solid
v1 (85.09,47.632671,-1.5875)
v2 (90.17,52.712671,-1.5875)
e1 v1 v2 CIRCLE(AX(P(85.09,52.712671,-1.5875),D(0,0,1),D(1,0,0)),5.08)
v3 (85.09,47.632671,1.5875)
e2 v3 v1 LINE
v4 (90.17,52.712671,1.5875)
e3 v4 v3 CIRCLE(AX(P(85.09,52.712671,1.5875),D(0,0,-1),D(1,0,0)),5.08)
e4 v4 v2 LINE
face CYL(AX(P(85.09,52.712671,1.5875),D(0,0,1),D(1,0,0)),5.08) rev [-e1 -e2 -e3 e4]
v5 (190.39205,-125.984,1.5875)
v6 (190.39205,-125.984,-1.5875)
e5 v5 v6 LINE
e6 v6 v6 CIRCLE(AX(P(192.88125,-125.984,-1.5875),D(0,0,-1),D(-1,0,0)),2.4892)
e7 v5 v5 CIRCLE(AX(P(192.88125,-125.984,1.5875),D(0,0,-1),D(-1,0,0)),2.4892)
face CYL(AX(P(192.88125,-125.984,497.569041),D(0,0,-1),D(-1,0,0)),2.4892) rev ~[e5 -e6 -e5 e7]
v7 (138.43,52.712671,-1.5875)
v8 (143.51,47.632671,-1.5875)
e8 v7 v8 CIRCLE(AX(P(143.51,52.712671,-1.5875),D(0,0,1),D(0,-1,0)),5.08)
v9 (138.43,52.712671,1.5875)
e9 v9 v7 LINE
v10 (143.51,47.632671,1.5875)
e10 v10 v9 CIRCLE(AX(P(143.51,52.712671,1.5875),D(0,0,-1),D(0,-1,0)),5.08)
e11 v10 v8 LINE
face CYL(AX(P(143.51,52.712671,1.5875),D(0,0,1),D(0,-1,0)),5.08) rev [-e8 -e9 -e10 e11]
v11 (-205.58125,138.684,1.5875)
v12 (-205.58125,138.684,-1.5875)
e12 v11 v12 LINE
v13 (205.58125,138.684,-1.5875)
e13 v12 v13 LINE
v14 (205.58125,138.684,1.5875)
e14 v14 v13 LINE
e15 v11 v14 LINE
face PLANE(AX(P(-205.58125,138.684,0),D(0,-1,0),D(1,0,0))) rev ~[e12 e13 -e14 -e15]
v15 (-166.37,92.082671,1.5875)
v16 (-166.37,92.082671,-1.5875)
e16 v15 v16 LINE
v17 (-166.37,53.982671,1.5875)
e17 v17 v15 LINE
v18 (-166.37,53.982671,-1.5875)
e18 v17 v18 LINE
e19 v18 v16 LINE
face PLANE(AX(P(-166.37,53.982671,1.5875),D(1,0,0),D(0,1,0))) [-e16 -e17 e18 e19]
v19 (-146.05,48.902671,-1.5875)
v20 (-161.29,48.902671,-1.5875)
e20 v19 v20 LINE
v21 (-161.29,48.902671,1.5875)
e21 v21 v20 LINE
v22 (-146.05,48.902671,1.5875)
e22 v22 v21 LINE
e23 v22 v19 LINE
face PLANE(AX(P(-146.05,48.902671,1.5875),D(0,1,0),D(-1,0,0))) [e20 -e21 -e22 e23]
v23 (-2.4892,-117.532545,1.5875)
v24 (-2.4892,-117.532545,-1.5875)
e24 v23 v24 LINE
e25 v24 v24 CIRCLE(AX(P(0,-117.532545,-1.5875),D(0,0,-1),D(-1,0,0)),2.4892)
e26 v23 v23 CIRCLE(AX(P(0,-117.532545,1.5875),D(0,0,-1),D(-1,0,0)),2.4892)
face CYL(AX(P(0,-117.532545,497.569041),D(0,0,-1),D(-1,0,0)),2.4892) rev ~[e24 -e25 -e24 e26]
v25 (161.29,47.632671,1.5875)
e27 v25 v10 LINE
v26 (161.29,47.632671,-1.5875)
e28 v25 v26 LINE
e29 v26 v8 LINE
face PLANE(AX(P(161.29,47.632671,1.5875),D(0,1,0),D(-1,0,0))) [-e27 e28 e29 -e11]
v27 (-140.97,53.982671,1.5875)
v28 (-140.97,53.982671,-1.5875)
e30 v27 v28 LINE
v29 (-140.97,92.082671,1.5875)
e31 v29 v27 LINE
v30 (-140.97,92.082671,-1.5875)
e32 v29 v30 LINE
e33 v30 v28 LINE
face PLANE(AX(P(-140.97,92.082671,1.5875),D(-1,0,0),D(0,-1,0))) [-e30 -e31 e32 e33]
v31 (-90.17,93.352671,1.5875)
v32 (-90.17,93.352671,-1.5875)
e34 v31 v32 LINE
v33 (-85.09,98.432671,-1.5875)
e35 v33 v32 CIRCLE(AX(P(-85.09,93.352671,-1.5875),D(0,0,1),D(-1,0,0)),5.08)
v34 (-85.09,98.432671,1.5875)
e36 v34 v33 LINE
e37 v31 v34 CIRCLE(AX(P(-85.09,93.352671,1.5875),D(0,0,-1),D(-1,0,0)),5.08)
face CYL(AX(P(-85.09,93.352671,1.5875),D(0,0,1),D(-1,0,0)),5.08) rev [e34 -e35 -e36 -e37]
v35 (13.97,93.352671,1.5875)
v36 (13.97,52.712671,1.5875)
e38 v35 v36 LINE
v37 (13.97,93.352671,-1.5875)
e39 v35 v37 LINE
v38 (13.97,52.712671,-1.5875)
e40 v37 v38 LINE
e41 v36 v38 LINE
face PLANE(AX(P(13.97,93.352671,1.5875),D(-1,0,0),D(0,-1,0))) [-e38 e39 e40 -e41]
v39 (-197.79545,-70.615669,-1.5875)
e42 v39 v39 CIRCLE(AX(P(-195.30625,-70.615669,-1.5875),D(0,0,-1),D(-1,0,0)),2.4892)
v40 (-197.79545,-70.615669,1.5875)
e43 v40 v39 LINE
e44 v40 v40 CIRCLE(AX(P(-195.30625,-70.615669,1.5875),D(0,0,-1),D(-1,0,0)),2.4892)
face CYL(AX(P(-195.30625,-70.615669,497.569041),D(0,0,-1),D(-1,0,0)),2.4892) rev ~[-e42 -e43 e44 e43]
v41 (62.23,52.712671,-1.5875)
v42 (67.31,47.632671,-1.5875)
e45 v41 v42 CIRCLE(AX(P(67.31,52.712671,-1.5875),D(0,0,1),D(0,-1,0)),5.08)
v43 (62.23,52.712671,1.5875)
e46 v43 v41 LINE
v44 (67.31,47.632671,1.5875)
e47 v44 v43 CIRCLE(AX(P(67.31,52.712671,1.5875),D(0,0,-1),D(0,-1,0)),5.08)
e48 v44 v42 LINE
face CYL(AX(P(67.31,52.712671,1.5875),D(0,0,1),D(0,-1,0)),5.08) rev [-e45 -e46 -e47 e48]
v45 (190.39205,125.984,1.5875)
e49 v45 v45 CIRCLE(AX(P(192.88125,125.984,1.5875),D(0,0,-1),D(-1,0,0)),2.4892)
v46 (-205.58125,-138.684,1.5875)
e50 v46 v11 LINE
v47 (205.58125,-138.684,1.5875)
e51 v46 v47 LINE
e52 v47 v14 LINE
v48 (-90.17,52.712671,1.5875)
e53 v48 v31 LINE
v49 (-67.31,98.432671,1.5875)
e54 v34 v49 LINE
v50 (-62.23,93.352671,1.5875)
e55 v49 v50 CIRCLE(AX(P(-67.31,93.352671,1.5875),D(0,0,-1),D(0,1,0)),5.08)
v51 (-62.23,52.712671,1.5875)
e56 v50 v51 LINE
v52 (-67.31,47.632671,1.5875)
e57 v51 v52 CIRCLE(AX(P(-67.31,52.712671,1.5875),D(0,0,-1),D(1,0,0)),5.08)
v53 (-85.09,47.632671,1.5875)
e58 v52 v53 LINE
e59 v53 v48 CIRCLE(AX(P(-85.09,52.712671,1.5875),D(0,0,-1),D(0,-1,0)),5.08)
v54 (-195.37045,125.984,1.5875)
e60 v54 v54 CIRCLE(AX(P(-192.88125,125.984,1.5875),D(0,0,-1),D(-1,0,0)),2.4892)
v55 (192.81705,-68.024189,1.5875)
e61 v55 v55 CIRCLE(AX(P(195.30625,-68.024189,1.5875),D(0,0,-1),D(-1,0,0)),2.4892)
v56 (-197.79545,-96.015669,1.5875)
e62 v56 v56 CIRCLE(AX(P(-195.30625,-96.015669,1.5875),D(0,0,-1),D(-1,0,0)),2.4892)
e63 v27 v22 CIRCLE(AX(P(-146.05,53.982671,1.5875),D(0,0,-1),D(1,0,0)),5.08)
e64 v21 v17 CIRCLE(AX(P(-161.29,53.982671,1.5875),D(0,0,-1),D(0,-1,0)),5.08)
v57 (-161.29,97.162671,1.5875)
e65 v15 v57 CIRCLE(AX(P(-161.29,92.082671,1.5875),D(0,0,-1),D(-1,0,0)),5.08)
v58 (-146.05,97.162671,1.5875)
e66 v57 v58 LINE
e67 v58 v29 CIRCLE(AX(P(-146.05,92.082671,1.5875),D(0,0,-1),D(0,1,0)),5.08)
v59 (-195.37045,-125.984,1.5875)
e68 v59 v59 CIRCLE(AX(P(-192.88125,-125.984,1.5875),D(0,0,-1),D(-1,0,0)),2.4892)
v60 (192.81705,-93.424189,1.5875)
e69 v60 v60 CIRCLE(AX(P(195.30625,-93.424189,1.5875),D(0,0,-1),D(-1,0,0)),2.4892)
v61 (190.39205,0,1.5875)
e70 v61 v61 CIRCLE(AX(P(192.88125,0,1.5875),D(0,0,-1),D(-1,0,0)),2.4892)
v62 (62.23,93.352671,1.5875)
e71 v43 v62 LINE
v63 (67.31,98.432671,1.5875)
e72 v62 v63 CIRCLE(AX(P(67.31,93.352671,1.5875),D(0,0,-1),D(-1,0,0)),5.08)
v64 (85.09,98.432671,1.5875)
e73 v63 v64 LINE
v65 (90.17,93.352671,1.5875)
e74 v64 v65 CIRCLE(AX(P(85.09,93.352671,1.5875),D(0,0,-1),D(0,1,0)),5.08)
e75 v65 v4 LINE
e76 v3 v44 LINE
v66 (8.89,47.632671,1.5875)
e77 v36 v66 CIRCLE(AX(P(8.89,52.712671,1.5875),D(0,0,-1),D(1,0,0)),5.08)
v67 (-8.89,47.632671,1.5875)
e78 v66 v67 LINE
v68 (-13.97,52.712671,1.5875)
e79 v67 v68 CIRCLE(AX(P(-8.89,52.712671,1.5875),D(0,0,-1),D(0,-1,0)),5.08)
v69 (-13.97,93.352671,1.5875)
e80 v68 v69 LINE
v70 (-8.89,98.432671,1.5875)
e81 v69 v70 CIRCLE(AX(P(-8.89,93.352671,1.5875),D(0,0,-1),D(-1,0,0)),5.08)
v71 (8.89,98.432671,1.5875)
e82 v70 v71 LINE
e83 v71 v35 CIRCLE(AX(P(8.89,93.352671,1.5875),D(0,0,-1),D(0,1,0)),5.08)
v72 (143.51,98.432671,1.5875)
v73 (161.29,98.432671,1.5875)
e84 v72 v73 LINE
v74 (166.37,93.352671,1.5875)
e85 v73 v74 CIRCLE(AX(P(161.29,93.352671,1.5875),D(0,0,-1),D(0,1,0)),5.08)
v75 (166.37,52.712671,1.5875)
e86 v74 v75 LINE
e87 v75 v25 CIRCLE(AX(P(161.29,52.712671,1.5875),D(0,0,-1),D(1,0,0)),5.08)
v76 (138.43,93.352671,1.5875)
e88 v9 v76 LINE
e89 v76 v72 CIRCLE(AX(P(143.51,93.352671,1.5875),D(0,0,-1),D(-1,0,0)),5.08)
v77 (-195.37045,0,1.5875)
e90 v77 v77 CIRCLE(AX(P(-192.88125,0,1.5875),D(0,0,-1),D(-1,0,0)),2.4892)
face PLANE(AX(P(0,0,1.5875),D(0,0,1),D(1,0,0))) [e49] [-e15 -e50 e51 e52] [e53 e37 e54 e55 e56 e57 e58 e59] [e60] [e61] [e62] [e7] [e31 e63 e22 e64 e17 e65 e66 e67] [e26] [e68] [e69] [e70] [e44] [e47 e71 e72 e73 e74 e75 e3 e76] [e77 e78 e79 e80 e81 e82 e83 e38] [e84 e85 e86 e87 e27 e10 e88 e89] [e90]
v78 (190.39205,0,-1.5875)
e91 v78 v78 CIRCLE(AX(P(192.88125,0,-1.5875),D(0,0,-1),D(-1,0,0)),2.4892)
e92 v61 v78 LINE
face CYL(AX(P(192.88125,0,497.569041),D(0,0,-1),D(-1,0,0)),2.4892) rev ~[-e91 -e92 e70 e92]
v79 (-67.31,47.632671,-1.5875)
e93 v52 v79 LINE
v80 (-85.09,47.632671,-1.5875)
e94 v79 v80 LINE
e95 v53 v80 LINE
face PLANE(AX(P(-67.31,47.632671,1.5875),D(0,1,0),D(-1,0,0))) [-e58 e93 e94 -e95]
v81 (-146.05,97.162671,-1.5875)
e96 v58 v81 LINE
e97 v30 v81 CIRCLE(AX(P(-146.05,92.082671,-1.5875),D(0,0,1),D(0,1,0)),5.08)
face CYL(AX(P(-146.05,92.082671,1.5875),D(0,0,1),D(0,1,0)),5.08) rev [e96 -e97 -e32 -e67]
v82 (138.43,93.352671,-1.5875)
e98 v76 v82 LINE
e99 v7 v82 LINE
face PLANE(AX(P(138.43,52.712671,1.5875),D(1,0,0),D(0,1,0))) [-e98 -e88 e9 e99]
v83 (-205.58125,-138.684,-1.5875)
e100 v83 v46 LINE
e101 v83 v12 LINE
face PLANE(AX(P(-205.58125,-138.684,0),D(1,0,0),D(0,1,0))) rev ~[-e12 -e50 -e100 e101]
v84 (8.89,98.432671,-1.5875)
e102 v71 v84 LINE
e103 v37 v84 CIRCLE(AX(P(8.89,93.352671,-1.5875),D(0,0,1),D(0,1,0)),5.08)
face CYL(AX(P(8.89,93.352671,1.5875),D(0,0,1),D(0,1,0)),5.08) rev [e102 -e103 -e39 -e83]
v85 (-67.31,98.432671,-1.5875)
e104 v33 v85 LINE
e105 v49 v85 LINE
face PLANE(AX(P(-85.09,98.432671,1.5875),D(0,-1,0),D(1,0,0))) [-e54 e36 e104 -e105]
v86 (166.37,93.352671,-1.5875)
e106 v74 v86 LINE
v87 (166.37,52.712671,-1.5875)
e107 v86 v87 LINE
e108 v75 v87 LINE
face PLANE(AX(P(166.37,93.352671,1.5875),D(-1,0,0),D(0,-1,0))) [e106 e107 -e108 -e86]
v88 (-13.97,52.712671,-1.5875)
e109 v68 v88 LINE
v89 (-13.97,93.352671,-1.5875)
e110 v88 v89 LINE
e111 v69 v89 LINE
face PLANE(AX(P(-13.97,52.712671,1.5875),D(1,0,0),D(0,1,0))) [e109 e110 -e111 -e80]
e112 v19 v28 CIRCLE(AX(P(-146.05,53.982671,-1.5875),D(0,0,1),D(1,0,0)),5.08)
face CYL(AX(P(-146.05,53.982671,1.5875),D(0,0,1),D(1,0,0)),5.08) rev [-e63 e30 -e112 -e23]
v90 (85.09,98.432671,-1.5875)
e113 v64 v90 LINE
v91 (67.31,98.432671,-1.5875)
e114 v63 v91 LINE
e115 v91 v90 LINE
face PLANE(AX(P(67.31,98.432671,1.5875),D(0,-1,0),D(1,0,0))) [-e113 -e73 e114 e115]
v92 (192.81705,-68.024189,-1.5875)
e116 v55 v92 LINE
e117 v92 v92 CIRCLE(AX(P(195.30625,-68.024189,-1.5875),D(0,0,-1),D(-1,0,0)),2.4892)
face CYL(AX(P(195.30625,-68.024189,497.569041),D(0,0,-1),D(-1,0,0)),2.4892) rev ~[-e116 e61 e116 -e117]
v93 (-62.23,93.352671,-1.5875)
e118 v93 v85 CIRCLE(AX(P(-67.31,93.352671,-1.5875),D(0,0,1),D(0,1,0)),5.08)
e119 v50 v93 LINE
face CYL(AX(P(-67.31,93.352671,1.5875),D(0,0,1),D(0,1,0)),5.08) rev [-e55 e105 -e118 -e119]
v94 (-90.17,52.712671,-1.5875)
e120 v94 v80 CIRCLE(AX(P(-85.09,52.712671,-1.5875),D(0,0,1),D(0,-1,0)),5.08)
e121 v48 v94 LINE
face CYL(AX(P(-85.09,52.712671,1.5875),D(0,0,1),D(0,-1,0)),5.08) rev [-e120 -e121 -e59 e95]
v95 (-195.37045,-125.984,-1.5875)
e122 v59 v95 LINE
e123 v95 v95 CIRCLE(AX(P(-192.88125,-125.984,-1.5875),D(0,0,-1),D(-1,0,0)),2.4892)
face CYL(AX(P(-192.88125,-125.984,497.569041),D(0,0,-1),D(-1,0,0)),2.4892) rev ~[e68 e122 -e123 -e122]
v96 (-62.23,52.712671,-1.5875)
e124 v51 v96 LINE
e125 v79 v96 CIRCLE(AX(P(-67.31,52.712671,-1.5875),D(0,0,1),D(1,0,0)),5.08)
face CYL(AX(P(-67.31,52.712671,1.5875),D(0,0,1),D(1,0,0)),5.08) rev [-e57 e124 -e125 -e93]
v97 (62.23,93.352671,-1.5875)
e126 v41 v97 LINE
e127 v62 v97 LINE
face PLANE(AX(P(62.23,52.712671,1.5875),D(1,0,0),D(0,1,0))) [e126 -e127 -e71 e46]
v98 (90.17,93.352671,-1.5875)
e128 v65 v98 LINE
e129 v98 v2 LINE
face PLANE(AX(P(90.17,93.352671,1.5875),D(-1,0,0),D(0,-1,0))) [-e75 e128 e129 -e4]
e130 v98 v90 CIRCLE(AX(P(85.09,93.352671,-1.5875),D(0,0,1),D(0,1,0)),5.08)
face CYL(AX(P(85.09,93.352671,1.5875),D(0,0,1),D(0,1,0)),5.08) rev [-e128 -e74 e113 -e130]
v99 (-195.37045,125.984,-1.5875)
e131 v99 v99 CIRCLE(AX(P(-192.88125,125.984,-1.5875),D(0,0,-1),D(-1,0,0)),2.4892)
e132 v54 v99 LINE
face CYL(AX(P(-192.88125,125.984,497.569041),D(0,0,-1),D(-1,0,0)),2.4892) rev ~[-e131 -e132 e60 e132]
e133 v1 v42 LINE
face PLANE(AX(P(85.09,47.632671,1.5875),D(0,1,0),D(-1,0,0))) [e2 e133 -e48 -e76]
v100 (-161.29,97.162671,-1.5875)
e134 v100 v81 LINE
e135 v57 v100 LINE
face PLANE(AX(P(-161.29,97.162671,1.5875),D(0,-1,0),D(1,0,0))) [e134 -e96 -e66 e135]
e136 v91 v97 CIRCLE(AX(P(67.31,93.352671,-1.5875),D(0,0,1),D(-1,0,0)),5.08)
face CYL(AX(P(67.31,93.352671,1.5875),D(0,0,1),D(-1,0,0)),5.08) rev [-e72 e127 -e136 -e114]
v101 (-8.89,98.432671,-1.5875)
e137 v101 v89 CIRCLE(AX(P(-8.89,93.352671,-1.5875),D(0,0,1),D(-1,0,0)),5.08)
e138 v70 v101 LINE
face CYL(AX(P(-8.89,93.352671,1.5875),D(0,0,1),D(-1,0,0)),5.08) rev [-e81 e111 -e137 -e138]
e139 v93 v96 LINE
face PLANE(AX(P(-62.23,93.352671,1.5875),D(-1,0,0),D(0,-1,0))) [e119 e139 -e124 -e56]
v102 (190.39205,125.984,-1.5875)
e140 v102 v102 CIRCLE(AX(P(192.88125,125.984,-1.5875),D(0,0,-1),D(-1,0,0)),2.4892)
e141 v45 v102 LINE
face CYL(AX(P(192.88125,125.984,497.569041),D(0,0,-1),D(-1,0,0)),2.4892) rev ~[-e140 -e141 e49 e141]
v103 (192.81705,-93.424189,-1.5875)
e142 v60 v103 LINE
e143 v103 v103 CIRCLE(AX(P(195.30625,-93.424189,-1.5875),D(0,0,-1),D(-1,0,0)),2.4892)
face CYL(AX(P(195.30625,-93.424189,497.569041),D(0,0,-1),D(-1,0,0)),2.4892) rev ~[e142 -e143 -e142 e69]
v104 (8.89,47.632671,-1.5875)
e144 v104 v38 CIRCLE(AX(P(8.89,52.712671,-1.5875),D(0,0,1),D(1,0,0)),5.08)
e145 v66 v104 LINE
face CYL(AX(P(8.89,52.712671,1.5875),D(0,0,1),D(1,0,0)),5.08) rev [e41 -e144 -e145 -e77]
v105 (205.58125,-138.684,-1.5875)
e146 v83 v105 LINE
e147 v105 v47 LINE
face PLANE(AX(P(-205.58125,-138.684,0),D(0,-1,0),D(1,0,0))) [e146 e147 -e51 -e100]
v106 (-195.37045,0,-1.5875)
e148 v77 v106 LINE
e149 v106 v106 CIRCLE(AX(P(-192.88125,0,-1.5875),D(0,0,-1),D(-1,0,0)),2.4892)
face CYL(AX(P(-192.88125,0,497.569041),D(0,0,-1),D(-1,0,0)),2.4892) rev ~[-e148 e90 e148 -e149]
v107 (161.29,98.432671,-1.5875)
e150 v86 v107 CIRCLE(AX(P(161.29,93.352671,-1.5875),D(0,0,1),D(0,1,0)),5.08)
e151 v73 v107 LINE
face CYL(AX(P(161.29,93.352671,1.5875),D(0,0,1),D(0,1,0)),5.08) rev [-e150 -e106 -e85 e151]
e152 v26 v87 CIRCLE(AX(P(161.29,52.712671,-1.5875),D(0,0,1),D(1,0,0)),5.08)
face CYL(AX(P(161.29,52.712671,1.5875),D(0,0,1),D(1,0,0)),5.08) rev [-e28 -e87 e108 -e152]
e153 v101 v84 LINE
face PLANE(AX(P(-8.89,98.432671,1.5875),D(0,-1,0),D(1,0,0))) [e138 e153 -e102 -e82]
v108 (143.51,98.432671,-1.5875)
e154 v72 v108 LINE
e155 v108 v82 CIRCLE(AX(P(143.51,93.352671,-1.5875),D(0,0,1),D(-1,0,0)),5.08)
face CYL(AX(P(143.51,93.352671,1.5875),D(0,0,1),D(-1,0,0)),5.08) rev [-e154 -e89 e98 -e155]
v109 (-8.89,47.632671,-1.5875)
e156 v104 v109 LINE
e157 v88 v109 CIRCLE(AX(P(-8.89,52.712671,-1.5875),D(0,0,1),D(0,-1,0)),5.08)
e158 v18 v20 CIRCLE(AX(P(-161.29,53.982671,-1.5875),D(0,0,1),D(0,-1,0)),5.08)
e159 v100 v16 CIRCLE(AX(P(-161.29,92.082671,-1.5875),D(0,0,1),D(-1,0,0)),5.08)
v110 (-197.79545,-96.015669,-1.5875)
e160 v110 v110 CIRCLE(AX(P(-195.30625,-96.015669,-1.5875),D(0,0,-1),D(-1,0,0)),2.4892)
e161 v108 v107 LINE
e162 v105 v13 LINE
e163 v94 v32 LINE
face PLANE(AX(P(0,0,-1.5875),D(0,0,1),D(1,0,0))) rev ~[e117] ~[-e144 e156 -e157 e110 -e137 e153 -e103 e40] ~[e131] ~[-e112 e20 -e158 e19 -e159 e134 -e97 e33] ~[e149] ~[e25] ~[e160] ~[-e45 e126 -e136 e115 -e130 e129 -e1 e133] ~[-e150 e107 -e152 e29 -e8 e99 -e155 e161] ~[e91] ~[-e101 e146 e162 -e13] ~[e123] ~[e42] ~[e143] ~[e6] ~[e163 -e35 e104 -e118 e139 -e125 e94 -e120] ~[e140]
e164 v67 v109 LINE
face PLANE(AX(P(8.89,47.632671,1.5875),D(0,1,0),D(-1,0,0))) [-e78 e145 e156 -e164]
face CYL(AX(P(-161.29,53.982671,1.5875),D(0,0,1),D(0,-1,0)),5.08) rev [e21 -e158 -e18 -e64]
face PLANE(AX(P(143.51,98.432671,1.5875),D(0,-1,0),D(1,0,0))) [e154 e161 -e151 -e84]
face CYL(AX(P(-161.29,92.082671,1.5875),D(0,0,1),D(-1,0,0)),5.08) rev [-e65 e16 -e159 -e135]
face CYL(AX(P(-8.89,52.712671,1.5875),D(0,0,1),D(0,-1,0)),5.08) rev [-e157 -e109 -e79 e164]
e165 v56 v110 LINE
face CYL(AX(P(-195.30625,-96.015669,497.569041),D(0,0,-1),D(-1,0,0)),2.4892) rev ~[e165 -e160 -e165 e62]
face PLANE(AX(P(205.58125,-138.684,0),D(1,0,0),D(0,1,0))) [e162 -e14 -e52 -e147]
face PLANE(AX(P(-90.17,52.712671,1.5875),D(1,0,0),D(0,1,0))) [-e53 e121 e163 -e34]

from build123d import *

# Parameters (mm, degrees)
SKETCH3_W              = 411.1625
SKETCH3_H              = 277.368
BOSS_EXTRUDE1_DEPTH    = 1.5875
CUT_EXTRUDE1_DEPTH     = 25.4
F_10_CLEARANCE_HOLE1_D = 4.9784
F_10_CLEARANCE_HOLE2_D = 4.9784
F_10_CLEARANCE_HOLE3_D = 4.9784
F_10_CLEARANCE_HOLE4_D = 4.9784
F_10_CLEARANCE_HOLE5_D = 4.9784


with BuildPart() as part:
    # Sketch3 → Boss-Extrude1 (new, symmetric)
    with BuildSketch(Plane.XY):
        Rectangle(SKETCH3_W, SKETCH3_H)
    extrude(amount=BOSS_EXTRUDE1_DEPTH, both=True)

    # Sketch4 → Cut-Extrude1 (cut)
    with BuildSketch(Plane.XY.offset(1.5875)):
        with BuildLine():
            Line((-8.89, 98.4326708), (8.89, 98.4326708))
            ThreePointArc((8.89, 98.4326708), (12.482102448, 96.944773248), (13.97, 93.3526708))
            Line((13.97, 93.3526708), (13.97, 52.7126708))
            ThreePointArc((13.97, 52.7126708), (12.482102448, 49.120568352), (8.89, 47.6326708))
            Line((8.89, 47.6326708), (-8.89, 47.6326708))
            ThreePointArc((-8.89, 47.6326708), (-12.482102448, 49.120568352), (-13.97, 52.7126708))
            Line((-13.97, 52.7126708), (-13.97, 93.3526708))
            ThreePointArc((-13.97, 93.3526708), (-12.482102448, 96.944773248), (-8.89, 98.4326708))
        make_face()
        with BuildLine():
            Line((67.31, 98.4326708), (85.09, 98.4326708))
            ThreePointArc((85.09, 98.4326708), (88.682102448, 96.944773248), (90.17, 93.3526708))
            Line((90.17, 93.3526708), (90.17, 52.7126708))
            ThreePointArc((90.17, 52.7126708), (88.682102448, 49.120568352), (85.09, 47.6326708))
            Line((85.09, 47.6326708), (67.31, 47.6326708))
            ThreePointArc((67.31, 47.6326708), (63.717897552, 49.120568352), (62.23, 52.7126708))
            Line((62.23, 52.7126708), (62.23, 93.3526708))
            ThreePointArc((62.23, 93.3526708), (63.717897552, 96.944773248), (67.31, 98.4326708))
        make_face()
        with BuildLine():
            Line((143.51, 98.4326708), (161.29, 98.4326708))
            ThreePointArc((161.29, 98.4326708), (164.882102448, 96.944773248), (166.37, 93.3526708))
            Line((166.37, 93.3526708), (166.37, 52.7126708))
            ThreePointArc((166.37, 52.7126708), (164.882102448, 49.120568352), (161.29, 47.6326708))
            Line((161.29, 47.6326708), (143.51, 47.6326708))
            ThreePointArc((143.51, 47.6326708), (139.917897552, 49.120568352), (138.43, 52.7126708))
            Line((138.43, 52.7126708), (138.43, 93.3526708))
            ThreePointArc((138.43, 93.3526708), (139.917897552, 96.944773248), (143.51, 98.4326708))
        make_face()
        with BuildLine():
            Line((-85.09, 98.4326708), (-67.31, 98.4326708))
            ThreePointArc((-67.31, 98.4326708), (-63.717897552, 96.944773248), (-62.23, 93.3526708))
            Line((-62.23, 93.3526708), (-62.23, 52.7126708))
            ThreePointArc((-62.23, 52.7126708), (-63.717897552, 49.120568352), (-67.31, 47.6326708))
            Line((-67.31, 47.6326708), (-85.09, 47.6326708))
            ThreePointArc((-85.09, 47.6326708), (-88.682102448, 49.120568352), (-90.17, 52.7126708))
            Line((-90.17, 52.7126708), (-90.17, 93.3526708))
            ThreePointArc((-90.17, 93.3526708), (-88.682102448, 96.944773248), (-85.09, 98.4326708))
        make_face()
        with BuildLine():
            Line((-161.29, 97.1626708), (-146.05, 97.1626708))
            ThreePointArc((-146.05, 97.1626708), (-142.457897552, 95.674773248), (-140.97, 92.0826708))
            Line((-140.97, 92.0826708), (-140.97, 53.9826708))
            ThreePointArc((-140.97, 53.9826708), (-142.457897552, 50.390568352), (-146.05, 48.9026708))
            Line((-146.05, 48.9026708), (-161.29, 48.9026708))
            ThreePointArc((-161.29, 48.9026708), (-164.882102448, 50.390568352), (-166.37, 53.9826708))
            Line((-166.37, 53.9826708), (-166.37, 92.0826708))
            ThreePointArc((-166.37, 92.0826708), (-164.882102448, 95.674773248), (-161.29, 97.1626708))
        make_face()
    extrude(amount=-CUT_EXTRUDE1_DEPTH, mode=Mode.SUBTRACT)

    # #10 Clearance Hole1 (through all)
    with Locations(Plane.XY.offset(1.5875)):
        with Locations((192.88125, 125.984), (-192.88125, -125.984), (192.88125, -125.984), (-192.88125, 125.984), (-192.88125, 0), (192.88125, 0)):
            Hole(F_10_CLEARANCE_HOLE1_D / 2)

    # #10 Clearance Hole2 (through all)
    with Locations(Plane.XY.offset(1.5875)):
        with Locations((0, -117.532545274)):
            Hole(F_10_CLEARANCE_HOLE2_D / 2)

    # #10 Clearance Hole3 (through all)
    with Locations(Plane.XY.offset(1.5875)):
        with Locations((-195.30625, -70.615668917)):
            Hole(F_10_CLEARANCE_HOLE3_D / 2)

    # #10 Clearance Hole4 (through all)
    with Locations(Plane.XY.offset(1.5875)):
        with Locations((-195.30625, -96.015668917)):
            Hole(F_10_CLEARANCE_HOLE4_D / 2)

    # #10 Clearance Hole5 (through all)
    with Locations(Plane.XY.offset(1.5875)):
        with Locations((195.30625, -68.024189157), (195.30625, -93.424189157)):
            Hole(F_10_CLEARANCE_HOLE5_D / 2)


solid = part.part
